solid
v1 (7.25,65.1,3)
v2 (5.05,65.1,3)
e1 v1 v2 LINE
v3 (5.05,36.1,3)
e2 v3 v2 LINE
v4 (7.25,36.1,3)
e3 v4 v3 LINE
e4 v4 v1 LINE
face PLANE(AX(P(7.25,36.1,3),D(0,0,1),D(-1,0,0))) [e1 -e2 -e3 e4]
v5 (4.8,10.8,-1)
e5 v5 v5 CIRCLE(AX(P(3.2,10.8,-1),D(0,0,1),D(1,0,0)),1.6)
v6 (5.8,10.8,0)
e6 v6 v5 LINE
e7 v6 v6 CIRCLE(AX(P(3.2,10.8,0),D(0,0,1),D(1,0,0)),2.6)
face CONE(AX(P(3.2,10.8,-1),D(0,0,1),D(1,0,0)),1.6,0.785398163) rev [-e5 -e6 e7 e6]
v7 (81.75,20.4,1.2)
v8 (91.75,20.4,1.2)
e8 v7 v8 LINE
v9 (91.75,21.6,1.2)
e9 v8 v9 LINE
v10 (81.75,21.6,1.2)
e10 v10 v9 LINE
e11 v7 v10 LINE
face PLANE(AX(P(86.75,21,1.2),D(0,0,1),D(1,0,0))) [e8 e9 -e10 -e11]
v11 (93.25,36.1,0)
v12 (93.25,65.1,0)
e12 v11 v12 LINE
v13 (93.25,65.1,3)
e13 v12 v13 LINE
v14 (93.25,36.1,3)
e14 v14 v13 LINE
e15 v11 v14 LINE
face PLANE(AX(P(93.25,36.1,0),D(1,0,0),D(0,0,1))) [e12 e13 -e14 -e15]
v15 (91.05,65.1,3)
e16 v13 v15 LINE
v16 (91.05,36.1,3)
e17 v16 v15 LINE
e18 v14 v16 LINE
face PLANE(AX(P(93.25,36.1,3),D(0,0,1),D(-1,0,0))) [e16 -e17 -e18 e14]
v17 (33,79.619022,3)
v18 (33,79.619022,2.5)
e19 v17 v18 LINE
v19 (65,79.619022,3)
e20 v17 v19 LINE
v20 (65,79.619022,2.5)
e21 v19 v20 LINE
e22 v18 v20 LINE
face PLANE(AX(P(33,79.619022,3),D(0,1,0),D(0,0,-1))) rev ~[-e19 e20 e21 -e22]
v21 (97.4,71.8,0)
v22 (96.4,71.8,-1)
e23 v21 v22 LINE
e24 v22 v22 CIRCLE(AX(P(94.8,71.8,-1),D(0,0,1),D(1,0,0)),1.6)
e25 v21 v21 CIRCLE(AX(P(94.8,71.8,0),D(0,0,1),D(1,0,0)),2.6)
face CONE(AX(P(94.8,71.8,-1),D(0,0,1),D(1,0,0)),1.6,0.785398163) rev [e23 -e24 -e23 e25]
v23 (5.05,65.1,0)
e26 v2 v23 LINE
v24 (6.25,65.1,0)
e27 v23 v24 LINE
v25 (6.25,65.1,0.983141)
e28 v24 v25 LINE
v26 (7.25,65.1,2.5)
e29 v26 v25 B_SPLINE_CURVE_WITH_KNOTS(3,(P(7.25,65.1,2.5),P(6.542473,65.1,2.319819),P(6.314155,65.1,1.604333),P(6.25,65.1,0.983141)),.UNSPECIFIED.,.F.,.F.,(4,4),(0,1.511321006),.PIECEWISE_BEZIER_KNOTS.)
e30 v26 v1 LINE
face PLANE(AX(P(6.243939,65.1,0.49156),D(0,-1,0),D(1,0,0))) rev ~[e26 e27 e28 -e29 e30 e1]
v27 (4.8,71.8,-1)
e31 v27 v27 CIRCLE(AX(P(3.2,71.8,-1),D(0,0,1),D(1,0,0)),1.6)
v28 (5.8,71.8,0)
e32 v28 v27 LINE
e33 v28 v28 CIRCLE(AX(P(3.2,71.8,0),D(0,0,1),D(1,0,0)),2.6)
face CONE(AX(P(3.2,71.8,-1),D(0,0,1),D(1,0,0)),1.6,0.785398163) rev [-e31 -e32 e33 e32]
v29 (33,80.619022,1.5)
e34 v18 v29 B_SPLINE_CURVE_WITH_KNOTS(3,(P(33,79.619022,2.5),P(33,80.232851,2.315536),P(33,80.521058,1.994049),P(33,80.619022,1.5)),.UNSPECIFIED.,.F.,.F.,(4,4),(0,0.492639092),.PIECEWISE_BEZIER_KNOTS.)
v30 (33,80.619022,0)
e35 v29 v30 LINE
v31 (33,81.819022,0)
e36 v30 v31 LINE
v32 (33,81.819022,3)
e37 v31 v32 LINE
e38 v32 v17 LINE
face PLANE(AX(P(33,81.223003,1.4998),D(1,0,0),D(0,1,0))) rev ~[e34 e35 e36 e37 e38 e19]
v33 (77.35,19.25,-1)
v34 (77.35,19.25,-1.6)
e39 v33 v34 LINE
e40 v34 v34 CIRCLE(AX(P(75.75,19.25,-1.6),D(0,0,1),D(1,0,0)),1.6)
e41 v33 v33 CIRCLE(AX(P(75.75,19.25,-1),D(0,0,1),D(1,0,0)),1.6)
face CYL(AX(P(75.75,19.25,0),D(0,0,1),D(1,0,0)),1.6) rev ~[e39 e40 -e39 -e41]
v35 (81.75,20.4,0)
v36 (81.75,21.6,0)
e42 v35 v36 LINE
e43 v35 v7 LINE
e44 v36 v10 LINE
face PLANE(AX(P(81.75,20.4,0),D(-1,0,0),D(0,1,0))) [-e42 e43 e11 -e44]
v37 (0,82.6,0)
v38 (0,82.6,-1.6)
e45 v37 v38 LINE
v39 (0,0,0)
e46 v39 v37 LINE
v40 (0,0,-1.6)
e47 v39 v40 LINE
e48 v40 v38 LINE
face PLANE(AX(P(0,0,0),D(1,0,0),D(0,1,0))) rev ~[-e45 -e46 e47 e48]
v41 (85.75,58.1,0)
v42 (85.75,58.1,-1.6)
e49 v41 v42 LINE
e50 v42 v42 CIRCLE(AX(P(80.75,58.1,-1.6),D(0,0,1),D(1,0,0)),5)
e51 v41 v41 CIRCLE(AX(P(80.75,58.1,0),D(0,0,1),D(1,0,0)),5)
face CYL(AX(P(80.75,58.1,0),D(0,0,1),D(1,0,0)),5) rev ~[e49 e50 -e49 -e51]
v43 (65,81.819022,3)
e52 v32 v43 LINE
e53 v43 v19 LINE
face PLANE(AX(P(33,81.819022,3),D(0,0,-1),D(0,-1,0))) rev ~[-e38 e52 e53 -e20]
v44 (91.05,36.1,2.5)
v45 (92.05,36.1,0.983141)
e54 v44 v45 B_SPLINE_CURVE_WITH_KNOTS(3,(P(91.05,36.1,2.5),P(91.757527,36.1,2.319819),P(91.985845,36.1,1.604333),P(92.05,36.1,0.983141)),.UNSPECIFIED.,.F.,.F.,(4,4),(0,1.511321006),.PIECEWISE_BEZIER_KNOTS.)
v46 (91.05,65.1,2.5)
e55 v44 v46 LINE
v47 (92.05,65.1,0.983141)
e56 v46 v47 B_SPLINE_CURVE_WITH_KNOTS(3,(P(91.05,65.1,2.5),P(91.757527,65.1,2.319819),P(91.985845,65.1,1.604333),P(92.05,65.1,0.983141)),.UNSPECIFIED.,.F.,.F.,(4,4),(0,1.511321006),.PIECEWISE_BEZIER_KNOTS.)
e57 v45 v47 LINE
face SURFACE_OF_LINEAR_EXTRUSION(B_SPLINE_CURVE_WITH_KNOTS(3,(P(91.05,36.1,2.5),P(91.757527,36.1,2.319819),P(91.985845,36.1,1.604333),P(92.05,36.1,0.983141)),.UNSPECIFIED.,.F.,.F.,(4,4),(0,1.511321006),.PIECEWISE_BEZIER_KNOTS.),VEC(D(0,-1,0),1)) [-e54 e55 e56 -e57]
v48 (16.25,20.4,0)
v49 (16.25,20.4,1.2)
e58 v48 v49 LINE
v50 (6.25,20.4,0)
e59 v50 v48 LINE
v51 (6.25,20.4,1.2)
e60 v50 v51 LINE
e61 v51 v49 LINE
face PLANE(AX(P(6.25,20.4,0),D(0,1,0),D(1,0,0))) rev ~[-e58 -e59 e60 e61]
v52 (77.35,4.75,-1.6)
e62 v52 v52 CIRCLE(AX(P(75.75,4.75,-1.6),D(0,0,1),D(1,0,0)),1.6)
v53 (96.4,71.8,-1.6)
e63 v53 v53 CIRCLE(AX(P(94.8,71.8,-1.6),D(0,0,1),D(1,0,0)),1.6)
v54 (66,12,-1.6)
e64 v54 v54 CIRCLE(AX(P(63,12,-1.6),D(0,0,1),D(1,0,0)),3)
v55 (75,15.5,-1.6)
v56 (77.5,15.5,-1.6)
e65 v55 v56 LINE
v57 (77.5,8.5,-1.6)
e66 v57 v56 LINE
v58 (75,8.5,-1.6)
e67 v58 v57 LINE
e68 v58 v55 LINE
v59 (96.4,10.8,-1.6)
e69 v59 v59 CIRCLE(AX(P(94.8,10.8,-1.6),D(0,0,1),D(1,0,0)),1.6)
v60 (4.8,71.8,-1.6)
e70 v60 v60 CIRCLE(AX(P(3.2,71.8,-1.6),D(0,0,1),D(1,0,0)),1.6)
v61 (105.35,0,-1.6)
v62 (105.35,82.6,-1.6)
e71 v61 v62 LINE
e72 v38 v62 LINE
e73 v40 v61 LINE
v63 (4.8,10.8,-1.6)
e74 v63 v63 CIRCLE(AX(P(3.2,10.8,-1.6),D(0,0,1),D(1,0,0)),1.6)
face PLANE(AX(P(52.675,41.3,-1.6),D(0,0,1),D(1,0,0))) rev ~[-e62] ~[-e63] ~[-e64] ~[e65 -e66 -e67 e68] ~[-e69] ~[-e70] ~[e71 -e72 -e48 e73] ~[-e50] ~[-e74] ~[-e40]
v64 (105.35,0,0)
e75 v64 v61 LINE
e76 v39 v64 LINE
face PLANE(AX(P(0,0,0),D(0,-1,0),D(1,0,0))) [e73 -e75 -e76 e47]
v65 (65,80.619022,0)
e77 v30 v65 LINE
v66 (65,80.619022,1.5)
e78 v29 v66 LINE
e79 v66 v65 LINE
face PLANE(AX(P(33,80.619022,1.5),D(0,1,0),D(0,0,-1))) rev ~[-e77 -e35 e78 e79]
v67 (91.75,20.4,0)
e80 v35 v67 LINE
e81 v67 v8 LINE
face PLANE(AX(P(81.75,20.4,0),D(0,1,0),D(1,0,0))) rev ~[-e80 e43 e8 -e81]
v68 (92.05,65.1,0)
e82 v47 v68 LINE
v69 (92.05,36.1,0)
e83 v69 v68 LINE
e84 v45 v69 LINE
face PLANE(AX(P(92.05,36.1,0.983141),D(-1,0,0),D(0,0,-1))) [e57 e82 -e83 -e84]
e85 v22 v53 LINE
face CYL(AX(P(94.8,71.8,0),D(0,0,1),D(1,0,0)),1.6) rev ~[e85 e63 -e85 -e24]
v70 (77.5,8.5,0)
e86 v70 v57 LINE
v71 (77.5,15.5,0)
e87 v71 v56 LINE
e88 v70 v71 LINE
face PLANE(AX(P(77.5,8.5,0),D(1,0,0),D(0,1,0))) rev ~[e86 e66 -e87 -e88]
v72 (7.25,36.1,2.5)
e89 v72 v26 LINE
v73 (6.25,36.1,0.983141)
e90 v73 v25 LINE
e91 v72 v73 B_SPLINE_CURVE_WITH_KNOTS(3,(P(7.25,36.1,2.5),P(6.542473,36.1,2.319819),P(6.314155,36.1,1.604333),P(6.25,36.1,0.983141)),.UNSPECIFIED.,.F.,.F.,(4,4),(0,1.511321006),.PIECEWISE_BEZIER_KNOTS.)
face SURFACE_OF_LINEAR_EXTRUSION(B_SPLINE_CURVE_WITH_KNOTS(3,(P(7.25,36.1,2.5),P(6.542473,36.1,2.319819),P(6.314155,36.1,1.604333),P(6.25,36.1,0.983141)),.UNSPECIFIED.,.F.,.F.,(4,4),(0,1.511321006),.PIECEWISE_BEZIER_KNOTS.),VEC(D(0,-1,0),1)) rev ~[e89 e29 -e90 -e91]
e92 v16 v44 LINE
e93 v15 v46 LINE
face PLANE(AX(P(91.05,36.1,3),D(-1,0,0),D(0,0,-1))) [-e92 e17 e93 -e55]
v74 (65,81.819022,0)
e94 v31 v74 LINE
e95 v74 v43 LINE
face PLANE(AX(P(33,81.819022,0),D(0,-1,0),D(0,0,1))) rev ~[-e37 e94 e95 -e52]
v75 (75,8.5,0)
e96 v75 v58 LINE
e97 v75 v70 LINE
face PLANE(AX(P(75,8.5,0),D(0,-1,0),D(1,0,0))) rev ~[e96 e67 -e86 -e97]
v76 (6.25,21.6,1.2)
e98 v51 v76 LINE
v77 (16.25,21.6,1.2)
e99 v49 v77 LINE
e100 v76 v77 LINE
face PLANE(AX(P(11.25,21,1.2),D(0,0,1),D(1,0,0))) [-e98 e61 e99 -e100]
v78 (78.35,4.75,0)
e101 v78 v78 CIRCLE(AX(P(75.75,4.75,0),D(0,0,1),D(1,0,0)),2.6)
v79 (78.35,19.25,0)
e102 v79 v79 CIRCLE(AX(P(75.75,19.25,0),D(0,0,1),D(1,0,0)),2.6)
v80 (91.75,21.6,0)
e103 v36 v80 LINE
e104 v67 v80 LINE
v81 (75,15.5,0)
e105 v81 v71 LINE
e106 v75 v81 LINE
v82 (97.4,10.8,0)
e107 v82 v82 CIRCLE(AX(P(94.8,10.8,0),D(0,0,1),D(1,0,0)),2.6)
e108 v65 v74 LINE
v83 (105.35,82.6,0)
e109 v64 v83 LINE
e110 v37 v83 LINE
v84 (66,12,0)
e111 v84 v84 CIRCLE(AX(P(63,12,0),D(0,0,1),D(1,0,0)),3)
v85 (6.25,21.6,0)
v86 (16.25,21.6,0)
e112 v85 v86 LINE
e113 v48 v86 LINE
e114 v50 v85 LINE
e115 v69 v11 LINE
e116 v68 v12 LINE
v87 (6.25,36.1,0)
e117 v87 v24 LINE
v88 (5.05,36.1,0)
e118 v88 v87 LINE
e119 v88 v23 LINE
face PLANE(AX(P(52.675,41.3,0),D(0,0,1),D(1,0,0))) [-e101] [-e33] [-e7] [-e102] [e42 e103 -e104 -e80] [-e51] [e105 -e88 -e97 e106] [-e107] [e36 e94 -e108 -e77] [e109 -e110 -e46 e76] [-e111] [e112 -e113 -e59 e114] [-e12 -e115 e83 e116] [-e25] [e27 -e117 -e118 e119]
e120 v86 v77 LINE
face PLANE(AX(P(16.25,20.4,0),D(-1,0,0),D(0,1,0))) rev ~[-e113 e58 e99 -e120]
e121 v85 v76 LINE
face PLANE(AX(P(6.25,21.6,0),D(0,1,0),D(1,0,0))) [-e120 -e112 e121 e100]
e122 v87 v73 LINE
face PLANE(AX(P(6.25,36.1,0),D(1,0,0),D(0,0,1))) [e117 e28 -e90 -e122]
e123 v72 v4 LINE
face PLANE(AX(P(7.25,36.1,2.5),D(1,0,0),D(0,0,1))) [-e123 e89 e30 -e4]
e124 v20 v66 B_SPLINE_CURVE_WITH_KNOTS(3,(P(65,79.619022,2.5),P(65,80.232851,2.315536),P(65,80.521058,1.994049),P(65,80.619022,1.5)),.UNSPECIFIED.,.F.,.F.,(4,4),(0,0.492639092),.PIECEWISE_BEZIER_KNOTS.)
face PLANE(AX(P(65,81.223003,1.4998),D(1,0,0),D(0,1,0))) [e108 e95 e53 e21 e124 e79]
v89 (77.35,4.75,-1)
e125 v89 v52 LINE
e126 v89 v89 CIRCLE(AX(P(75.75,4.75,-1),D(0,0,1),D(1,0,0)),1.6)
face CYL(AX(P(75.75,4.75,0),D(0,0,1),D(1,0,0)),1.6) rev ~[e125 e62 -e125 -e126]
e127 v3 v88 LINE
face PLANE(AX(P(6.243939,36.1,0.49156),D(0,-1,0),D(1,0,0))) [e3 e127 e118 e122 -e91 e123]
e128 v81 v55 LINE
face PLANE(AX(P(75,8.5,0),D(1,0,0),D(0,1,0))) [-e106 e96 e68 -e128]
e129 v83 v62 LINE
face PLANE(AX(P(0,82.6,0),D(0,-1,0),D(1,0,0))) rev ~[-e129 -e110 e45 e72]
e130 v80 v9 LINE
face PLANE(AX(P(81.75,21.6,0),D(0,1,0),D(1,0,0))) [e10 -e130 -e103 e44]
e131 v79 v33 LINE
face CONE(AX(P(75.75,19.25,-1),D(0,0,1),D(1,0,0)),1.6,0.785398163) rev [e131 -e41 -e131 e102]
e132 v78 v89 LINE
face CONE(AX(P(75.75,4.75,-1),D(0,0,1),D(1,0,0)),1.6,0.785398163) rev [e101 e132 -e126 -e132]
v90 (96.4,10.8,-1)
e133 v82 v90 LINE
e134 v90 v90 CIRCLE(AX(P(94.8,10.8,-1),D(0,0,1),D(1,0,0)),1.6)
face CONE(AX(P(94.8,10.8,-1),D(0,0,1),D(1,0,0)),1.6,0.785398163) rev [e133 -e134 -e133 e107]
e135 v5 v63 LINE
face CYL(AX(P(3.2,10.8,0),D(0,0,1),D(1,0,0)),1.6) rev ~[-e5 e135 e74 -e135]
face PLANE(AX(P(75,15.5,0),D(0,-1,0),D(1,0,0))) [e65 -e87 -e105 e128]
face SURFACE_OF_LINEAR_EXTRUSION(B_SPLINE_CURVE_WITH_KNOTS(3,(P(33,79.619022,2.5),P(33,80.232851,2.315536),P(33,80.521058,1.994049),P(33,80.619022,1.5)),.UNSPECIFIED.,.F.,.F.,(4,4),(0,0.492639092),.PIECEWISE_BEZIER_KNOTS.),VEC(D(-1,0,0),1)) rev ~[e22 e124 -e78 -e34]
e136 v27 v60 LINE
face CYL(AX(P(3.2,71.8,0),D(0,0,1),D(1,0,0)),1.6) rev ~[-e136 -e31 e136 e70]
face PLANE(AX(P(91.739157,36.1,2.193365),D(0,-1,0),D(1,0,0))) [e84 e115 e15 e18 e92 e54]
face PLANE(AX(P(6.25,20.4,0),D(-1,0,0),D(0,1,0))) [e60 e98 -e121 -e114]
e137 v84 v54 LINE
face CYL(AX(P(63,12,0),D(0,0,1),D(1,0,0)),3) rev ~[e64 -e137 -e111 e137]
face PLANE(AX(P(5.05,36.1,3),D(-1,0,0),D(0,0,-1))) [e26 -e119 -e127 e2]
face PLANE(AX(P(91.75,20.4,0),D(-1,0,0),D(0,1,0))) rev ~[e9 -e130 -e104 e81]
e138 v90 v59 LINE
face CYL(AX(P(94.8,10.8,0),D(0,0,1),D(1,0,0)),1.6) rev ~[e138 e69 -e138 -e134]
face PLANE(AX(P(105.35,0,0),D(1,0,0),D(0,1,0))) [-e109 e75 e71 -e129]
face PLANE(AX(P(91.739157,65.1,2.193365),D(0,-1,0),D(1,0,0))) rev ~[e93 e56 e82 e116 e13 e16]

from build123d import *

# Parameters (mm, degrees)
F0_W      = 105.35
F0_H      = 82.6
F0_R      = 1.6
F3_DEPTH  = 1.6
F1_R      = 5
F4_DEPTH  = 1.601
F2_R      = 1.6
F2_R_2    = 3
F2_W      = 2.5
F2_H      = 7
F5_DEPTH  = 1.601
F7_START  = -36.1
F7_DEPTH  = 29
F9_START  = 33
F9_DEPTH  = 32
F1_W      = 10
F1_H      = 1.2
F10_DEPTH = 1.2
F11_SIZE  = 1


with BuildPart() as f3:
    # F0 (on Top) → F3 (new body)
    with BuildSketch(Plane.XY):
        with Locations((52.675, 41.3)):
            Rectangle(F0_W, F0_H)
        with Locations((3.2, 10.8)):
            Circle(F0_R, mode=Mode.SUBTRACT)
        with Locations((94.8, 10.8)):
            Circle(F0_R, mode=Mode.SUBTRACT)
        with Locations((3.2, 71.8)):
            Circle(F0_R, mode=Mode.SUBTRACT)
        with Locations((94.8, 71.8)):
            Circle(F0_R, mode=Mode.SUBTRACT)
    extrude(amount=-F3_DEPTH)

    # F1 (on face) → F4 (cut, through all)
    with BuildSketch(Plane.XY):
        with Locations((80.75, 58.1)):
            Circle(F1_R)
    extrude(amount=-F4_DEPTH, mode=Mode.SUBTRACT)

    # F2 (on face) → F5 (cut, through all)
    with BuildSketch(Plane.XY):
        with Locations((75.75, 4.75)):
            Circle(F2_R)
        with Locations((63, 12)):
            Circle(F2_R_2)
        with Locations((76.25, 12)):
            Rectangle(F2_W, F2_H)
        with Locations((75.75, 19.25)):
            Circle(F2_R)
    extrude(amount=-F5_DEPTH, mode=Mode.SUBTRACT)

    # F6 (on Front) → F7 (join)
    with BuildSketch(Plane.XZ.offset(F7_START)):
        with BuildLine():
            add(Edge.make_bspline(
                [(6.25, 0.9831411553), (6.1998556443, 0.4976120788), (6.25, 0.0696883488), (6.25, 0)],
                knots=[1.5113210061, 1.5113210061, 1.5113210061, 1.5113210061, 2.6925824036, 2.6925824036, 2.6925824036, 2.6925824036], degree=3))
            Line((6.25, 0), (6.25, 0.9831411553))
        make_face()
        with BuildLine():
            Line((5.05, 0), (6.25, 0))
            add(Edge.make_bspline(
                [(6.25, 0.9831411553), (6.1998556443, 0.4976120788), (6.25, 0.0696883488), (6.25, 0)],
                knots=[1.5113210061, 1.5113210061, 1.5113210061, 1.5113210061, 2.6925824036, 2.6925824036, 2.6925824036, 2.6925824036], degree=3))
            Line((6.25, 0.9831411553), (6.25, 3))
            Line((6.25, 3), (5.05, 3))
            Line((5.05, 3), (5.05, 0))
        make_face()
        with BuildLine():
            Line((6.25, 3), (6.25, 0.9831411553))
            add(Edge.make_bspline(
                [(7.25, 2.5), (6.5424729796, 2.3198194624), (6.3141553328, 1.6043332928), (6.25, 0.9831411553)],
                knots=[0, 0, 0, 0, 1.5113210061, 1.5113210061, 1.5113210061, 1.5113210061], degree=3))
            Line((7.25, 2.5), (7.25, 3))
            Line((7.25, 3), (6.25, 3))
        make_face()
        with BuildLine():
            Line((92.05, 0.9831411553), (92.05, 3))
            Line((92.05, 3), (91.05, 3))
            Line((91.05, 3), (91.05, 2.5))
            add(Edge.make_bspline(
                [(91.05, 2.5), (91.7575270204, 2.3198194624), (91.9858446672, 1.6043332928), (92.05, 0.9831411553)],
                knots=[0, 0, 0, 0, 1.5113210061, 1.5113210061, 1.5113210061, 1.5113210061], degree=3))
        make_face()
        with BuildLine():
            Line((93.25, 3), (92.05, 3))
            Line((92.05, 3), (92.05, 0.9831411553))
            add(Edge.make_bspline(
                [(92.05, 0.9831411553), (92.1001443557, 0.4976120788), (92.05, 0.0696883488), (92.05, 0)],
                knots=[1.5113210061, 1.5113210061, 1.5113210061, 1.5113210061, 2.6925824036, 2.6925824036, 2.6925824036, 2.6925824036], degree=3))
            Line((92.05, 0), (93.25, 0))
            Line((93.25, 0), (93.25, 3))
        make_face()
        with BuildLine():
            add(Edge.make_bspline(
                [(92.05, 0.9831411553), (92.1001443557, 0.4976120788), (92.05, 0.0696883488), (92.05, 0)],
                knots=[1.5113210061, 1.5113210061, 1.5113210061, 1.5113210061, 2.6925824036, 2.6925824036, 2.6925824036, 2.6925824036], degree=3))
            Line((92.05, 0.9831411553), (92.05, 0))
        make_face()
    extrude(amount=-F7_DEPTH)

    # F8 (on Right) → F9 (join)
    with BuildSketch(Plane.YZ.offset(F9_START)):
        with BuildLine():
            add(Edge.make_bspline(
                [(80.6190222502, 1.5), (80.7199138112, 0.9911874772), (80.6190222502, 0.2993458475), (80.6190222502, 0)],
                knots=[0.4926390921, 0.4926390921, 0.4926390921, 0.4926390921, 1, 1, 1, 1], degree=3))
            Line((80.6190222502, 0), (81.8190222502, 0))
            Line((81.8190222502, 0), (81.8190222502, 3))
            Line((81.8190222502, 3), (80.6190222502, 3))
            Line((80.6190222502, 3), (80.6190222502, 1.5))
        make_face()
        with BuildLine():
            Line((80.6190222502, 1.5), (80.6190222502, 0))
            add(Edge.make_bspline(
                [(80.6190222502, 1.5), (80.7199138112, 0.9911874772), (80.6190222502, 0.2993458475), (80.6190222502, 0)],
                knots=[0.4926390921, 0.4926390921, 0.4926390921, 0.4926390921, 1, 1, 1, 1], degree=3))
        make_face()
        with BuildLine():
            add(Edge.make_bspline(
                [(79.6190222502, 2.5), (80.2328512073, 2.3155356757), (80.5210582047, 1.9940485863), (80.6190222502, 1.5)],
                knots=[0, 0, 0, 0, 0.4926390921, 0.4926390921, 0.4926390921, 0.4926390921], degree=3))
            Line((80.6190222502, 1.5), (80.6190222502, 3))
            Line((80.6190222502, 3), (79.6190222502, 3))
            Line((79.6190222502, 3), (79.6190222502, 2.5))
        make_face()
    extrude(amount=F9_DEPTH)

    # F1 (on face) → F10 (join)
    with BuildSketch(Plane.XY):
        with Locations((11.25, 21)):
            Rectangle(F1_W, F1_H)
        with Locations((86.75, 21)):
            Rectangle(F1_W, F1_H)
    extrude(amount=F10_DEPTH)

    # F11
    f11_edges = [f3.edges().sort_by_distance(p)[0] for p in [
        (1.6, 71.8, 0),
        (93.2, 71.8, 0),
        (93.2, 10.8, 0),
        (74.15, 19.25, 0),
        (74.15, 4.75, 0),
        (1.6, 10.8, 0),
    ]]
    chamfer(f11_edges, length=F11_SIZE)


solid = f3.part
